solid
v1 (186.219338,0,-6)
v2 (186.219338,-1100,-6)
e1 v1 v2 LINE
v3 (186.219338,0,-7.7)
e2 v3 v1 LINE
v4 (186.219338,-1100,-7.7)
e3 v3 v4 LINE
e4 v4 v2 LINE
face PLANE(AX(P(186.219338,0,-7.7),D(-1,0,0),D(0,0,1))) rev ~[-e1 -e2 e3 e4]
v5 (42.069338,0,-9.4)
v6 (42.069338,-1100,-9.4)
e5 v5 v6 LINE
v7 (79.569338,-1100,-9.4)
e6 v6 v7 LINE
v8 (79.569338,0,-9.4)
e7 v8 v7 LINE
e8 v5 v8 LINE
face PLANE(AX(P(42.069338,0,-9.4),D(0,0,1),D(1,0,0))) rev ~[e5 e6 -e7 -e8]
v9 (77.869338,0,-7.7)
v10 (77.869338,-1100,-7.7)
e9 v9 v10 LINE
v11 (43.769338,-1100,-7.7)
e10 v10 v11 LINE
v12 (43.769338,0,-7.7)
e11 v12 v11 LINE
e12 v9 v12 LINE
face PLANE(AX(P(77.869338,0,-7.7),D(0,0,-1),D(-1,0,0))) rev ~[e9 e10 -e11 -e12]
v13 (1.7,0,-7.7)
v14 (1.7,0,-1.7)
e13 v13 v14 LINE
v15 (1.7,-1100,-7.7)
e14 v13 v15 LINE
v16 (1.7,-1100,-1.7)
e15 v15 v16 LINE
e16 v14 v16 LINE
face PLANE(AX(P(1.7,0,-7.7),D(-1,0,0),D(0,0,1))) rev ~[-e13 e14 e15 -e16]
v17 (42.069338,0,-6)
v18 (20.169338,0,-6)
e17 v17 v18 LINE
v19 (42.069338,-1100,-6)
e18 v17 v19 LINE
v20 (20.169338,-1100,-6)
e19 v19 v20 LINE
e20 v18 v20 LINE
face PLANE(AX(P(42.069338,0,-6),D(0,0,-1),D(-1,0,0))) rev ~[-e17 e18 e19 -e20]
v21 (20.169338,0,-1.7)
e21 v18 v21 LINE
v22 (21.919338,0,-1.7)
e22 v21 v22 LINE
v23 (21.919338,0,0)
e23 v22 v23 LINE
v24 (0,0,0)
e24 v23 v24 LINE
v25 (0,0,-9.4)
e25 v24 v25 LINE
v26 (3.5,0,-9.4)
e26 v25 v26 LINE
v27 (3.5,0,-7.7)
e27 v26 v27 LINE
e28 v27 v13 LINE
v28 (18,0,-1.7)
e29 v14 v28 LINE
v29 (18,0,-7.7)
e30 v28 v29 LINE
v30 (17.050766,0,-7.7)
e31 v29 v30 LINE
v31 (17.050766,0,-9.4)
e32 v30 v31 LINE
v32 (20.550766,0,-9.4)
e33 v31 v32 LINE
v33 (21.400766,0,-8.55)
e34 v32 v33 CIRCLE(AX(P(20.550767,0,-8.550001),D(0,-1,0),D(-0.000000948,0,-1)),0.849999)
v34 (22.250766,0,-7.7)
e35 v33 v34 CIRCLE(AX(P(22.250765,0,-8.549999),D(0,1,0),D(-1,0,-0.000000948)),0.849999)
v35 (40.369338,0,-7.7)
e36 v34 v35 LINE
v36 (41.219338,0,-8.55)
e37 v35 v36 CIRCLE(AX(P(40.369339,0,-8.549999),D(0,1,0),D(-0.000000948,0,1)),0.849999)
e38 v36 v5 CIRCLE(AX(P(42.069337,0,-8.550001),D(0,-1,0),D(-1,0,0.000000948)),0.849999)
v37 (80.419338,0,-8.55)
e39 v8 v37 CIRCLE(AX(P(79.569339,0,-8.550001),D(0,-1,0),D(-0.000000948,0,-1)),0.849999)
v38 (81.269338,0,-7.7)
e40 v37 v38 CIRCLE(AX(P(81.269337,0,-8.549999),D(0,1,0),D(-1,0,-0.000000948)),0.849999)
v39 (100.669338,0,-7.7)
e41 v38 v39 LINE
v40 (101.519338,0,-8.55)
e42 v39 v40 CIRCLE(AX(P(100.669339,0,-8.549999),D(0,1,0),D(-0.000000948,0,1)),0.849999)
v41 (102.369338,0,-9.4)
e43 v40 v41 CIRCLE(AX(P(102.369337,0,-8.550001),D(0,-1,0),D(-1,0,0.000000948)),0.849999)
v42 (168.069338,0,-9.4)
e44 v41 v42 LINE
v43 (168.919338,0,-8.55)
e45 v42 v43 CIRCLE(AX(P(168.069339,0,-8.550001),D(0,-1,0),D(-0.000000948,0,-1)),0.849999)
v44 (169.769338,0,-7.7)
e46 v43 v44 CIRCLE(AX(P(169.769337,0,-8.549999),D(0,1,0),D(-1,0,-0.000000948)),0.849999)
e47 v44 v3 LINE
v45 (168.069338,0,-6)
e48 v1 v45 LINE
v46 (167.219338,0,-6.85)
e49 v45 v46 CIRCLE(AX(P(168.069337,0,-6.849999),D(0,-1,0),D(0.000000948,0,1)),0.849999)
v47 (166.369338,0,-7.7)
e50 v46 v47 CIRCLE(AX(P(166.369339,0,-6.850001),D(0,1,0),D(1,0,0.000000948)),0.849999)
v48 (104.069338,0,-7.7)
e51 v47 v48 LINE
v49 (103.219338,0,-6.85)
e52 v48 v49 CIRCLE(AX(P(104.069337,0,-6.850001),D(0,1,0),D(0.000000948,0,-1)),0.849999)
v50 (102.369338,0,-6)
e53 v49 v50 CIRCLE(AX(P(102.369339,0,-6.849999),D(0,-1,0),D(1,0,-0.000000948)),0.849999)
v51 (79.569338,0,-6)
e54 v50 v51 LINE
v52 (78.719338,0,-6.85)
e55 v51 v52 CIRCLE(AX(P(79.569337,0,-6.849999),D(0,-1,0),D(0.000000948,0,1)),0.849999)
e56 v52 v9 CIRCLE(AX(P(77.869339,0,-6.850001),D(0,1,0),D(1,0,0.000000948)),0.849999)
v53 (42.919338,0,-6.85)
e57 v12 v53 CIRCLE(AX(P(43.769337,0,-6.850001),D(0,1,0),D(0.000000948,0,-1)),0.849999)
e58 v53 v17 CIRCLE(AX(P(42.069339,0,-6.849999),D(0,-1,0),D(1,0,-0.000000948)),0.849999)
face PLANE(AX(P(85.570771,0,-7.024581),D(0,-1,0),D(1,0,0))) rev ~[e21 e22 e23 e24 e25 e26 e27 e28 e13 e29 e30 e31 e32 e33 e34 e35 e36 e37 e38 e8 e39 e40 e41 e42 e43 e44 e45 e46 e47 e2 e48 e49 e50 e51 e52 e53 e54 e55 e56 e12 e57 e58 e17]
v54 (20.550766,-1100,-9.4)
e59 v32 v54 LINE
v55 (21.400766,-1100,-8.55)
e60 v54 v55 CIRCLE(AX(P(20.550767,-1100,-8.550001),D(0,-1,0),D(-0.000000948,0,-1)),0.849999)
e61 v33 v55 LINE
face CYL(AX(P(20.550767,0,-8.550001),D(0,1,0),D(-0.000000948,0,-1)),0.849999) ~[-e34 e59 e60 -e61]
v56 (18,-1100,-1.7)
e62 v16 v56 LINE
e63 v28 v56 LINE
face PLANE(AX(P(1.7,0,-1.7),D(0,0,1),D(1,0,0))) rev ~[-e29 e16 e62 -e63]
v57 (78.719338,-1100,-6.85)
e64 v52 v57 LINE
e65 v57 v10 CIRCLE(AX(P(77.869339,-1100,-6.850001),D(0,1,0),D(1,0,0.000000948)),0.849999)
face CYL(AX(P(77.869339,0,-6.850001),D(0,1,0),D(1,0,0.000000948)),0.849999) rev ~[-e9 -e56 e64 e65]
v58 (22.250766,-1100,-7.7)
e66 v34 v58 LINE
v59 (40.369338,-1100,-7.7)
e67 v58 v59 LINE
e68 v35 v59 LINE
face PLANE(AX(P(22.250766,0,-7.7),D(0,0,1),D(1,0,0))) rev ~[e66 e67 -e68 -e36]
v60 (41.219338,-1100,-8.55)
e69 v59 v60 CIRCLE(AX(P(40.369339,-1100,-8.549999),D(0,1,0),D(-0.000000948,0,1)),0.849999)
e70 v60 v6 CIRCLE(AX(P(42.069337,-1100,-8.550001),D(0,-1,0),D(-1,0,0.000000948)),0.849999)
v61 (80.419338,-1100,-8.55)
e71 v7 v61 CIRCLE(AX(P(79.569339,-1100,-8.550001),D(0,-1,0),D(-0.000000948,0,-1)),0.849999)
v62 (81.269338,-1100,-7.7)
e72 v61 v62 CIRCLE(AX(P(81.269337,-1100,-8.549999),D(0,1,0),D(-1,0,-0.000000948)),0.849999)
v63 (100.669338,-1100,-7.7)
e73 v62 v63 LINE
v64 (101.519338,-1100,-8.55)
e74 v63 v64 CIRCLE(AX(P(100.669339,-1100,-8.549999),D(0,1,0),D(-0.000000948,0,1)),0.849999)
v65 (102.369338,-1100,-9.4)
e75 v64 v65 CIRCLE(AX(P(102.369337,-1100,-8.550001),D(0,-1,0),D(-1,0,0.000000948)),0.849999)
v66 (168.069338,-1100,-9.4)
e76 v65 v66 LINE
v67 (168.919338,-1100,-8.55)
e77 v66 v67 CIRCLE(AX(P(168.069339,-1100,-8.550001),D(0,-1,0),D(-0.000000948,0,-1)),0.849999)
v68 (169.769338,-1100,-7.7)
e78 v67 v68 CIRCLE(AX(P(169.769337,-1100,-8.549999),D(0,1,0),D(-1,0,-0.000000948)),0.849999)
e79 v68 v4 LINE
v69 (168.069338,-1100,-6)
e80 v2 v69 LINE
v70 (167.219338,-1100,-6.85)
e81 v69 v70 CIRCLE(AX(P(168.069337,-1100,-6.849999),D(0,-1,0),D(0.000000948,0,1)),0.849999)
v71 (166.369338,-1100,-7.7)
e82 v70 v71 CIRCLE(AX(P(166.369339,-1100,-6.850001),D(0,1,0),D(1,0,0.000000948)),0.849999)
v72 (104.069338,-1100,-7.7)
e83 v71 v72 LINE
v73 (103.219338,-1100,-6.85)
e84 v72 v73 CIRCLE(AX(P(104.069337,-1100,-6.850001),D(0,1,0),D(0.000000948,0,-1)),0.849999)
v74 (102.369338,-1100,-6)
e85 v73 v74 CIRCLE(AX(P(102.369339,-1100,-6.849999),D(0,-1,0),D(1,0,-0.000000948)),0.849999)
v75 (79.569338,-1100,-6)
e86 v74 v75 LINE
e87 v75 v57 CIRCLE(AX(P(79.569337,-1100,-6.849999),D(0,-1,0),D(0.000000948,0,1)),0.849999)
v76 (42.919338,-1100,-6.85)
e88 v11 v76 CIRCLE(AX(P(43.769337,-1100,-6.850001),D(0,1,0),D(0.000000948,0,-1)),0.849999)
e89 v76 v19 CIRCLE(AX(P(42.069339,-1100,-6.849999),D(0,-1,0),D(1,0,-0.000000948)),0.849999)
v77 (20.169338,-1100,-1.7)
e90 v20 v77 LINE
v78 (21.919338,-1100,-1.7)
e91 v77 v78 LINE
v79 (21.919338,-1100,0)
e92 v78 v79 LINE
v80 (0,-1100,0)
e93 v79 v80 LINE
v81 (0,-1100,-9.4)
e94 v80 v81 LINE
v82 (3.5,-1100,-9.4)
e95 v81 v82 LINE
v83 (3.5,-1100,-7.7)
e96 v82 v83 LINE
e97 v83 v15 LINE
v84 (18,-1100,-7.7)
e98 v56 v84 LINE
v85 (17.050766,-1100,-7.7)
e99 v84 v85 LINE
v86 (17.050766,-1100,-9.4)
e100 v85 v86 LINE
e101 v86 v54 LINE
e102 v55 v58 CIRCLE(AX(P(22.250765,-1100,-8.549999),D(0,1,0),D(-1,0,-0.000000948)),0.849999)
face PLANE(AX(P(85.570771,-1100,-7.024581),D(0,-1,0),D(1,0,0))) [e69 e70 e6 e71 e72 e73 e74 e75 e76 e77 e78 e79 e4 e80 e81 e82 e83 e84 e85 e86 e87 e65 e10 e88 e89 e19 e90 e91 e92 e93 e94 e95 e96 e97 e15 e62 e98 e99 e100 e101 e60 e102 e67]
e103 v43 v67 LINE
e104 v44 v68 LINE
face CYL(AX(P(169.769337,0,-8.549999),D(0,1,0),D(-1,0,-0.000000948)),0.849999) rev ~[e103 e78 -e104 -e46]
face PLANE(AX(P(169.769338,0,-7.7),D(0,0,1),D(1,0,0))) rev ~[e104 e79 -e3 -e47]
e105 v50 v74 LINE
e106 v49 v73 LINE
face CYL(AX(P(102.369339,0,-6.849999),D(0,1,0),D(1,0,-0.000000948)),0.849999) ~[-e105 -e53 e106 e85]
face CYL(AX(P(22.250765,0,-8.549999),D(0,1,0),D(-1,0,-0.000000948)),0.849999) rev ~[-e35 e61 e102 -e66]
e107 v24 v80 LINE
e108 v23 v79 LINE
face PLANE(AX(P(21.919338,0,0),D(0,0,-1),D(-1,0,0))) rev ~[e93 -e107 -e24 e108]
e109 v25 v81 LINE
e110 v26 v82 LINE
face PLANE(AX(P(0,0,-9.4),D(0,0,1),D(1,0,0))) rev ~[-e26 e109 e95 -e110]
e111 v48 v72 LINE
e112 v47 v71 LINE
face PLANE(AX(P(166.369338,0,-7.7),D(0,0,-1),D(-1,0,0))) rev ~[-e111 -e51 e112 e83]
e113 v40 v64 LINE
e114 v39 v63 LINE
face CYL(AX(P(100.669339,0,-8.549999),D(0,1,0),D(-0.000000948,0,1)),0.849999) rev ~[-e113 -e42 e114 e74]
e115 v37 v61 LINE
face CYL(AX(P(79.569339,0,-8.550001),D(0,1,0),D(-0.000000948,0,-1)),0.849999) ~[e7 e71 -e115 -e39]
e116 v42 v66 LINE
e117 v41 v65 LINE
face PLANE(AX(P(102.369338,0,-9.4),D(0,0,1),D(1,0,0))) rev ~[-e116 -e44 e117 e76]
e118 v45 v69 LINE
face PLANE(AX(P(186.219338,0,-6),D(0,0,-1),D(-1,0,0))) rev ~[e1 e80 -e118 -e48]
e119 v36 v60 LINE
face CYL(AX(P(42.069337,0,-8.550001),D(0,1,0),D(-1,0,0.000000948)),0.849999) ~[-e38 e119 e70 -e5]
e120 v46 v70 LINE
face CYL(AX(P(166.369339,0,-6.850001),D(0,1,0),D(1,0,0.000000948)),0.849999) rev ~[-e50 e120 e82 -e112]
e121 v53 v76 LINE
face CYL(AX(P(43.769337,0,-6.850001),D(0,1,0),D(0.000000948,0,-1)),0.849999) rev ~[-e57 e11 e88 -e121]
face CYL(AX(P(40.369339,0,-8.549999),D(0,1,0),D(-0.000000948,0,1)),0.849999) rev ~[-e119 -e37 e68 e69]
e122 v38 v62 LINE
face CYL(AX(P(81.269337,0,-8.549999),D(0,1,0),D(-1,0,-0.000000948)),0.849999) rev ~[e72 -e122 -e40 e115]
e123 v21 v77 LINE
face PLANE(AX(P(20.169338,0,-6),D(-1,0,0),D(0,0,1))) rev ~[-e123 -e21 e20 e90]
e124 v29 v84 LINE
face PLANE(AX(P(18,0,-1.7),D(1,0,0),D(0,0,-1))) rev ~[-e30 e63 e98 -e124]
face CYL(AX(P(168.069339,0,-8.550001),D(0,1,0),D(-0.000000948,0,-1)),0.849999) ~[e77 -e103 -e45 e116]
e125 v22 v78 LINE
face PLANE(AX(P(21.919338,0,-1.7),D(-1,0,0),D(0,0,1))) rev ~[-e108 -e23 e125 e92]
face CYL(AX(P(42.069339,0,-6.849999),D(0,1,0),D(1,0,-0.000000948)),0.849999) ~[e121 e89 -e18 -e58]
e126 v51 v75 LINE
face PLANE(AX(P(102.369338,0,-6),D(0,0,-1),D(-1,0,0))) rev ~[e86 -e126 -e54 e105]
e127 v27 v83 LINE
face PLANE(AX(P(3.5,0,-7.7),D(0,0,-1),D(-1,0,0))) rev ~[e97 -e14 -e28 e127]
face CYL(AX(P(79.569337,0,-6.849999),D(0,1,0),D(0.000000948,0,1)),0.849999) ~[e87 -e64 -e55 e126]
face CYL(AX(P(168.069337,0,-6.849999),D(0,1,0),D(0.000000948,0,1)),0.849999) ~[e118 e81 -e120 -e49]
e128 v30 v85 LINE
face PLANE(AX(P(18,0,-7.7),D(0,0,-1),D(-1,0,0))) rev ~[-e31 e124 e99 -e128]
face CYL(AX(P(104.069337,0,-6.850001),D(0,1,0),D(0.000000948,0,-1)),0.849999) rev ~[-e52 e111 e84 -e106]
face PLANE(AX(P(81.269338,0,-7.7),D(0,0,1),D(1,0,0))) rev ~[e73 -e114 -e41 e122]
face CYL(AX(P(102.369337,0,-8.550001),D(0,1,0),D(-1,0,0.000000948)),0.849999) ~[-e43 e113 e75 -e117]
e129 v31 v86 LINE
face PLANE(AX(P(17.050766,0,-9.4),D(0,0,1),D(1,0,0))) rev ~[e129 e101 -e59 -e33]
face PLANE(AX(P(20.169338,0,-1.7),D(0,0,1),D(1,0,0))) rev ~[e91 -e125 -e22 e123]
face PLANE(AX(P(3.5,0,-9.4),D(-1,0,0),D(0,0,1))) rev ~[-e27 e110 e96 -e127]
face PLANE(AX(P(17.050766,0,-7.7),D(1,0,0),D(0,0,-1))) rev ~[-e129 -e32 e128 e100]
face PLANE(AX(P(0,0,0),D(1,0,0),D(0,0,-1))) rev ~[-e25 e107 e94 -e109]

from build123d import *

# Parameters (mm, degrees)
F1_DEPTH = 1100


with BuildPart() as f1:
    # F0 (on Front) → F1 (new body)
    with BuildSketch(Plane.XZ):
        with BuildLine():
            Line((21.919338, 0), (0, 0))
            Line((0, 0), (0, -9.4))
            Line((0, -9.4), (3.5, -9.4))
            Line((3.5, -9.4), (3.5, -7.7))
            Line((3.5, -7.7), (1.7, -7.7))
            Line((1.7, -7.7), (1.7, -1.7))
            Line((1.7, -1.7), (18, -1.7))
            Line((18, -1.7), (18, -7.7))
            Line((18, -7.7), (17.050766, -7.7))
            Line((17.050766, -7.7), (17.050766, -9.4))
            Line((17.050766, -9.4), (20.550766, -9.4))
            ThreePointArc((20.550766, -9.4), (21.151807, -9.151041), (21.400766, -8.55))
            ThreePointArc((21.400766, -8.55), (21.649725, -7.948959), (22.250766, -7.7))
            Line((22.250766, -7.7), (40.369338, -7.7))
            ThreePointArc((40.369338, -7.7), (40.970379, -7.948959), (41.219338, -8.55))
            ThreePointArc((41.219338, -8.55), (41.468297, -9.151041), (42.069338, -9.4))
            Line((42.069338, -9.4), (79.569338, -9.4))
            ThreePointArc((79.569338, -9.4), (80.170379, -9.151041), (80.419338, -8.55))
            ThreePointArc((80.419338, -8.55), (80.668297, -7.948959), (81.269338, -7.7))
            Line((81.269338, -7.7), (100.669338, -7.7))
            ThreePointArc((100.669338, -7.7), (101.270379, -7.948959), (101.519338, -8.55))
            ThreePointArc((101.519338, -8.55), (101.768297, -9.151041), (102.369338, -9.4))
            Line((102.369338, -9.4), (168.069338, -9.4))
            ThreePointArc((168.069338, -9.4), (168.670379, -9.151041), (168.919338, -8.55))
            ThreePointArc((168.919338, -8.55), (169.168297, -7.948959), (169.769338, -7.7))
            Line((169.769338, -7.7), (186.219338, -7.7))
            Line((186.219338, -7.7), (186.219338, -6))
            Line((186.219338, -6), (168.069338, -6))
            ThreePointArc((168.069338, -6), (167.468297, -6.248959), (167.219338, -6.85))
            ThreePointArc((167.219338, -6.85), (166.970379, -7.451041), (166.369338, -7.7))
            Line((166.369338, -7.7), (104.069338, -7.7))
            ThreePointArc((104.069338, -7.7), (103.468297, -7.451041), (103.219338, -6.85))
            ThreePointArc((103.219338, -6.85), (102.970379, -6.248959), (102.369338, -6))
            Line((102.369338, -6), (79.569338, -6))
            ThreePointArc((79.569338, -6), (78.968297, -6.248959), (78.719338, -6.85))
            ThreePointArc((78.719338, -6.85), (78.470379, -7.451041), (77.869338, -7.7))
            Line((77.869338, -7.7), (43.769338, -7.7))
            ThreePointArc((43.769338, -7.7), (43.168297, -7.451041), (42.919338, -6.85))
            ThreePointArc((42.919338, -6.85), (42.670379, -6.248959), (42.069338, -6))
            Line((42.069338, -6), (20.169338, -6))
            Line((20.169338, -6), (20.169338, -1.7))
            Line((20.169338, -1.7), (21.919338, -1.7))
            Line((21.919338, -1.7), (21.919338, 0))
        make_face()
    extrude(amount=F1_DEPTH)


solid = f1.part
